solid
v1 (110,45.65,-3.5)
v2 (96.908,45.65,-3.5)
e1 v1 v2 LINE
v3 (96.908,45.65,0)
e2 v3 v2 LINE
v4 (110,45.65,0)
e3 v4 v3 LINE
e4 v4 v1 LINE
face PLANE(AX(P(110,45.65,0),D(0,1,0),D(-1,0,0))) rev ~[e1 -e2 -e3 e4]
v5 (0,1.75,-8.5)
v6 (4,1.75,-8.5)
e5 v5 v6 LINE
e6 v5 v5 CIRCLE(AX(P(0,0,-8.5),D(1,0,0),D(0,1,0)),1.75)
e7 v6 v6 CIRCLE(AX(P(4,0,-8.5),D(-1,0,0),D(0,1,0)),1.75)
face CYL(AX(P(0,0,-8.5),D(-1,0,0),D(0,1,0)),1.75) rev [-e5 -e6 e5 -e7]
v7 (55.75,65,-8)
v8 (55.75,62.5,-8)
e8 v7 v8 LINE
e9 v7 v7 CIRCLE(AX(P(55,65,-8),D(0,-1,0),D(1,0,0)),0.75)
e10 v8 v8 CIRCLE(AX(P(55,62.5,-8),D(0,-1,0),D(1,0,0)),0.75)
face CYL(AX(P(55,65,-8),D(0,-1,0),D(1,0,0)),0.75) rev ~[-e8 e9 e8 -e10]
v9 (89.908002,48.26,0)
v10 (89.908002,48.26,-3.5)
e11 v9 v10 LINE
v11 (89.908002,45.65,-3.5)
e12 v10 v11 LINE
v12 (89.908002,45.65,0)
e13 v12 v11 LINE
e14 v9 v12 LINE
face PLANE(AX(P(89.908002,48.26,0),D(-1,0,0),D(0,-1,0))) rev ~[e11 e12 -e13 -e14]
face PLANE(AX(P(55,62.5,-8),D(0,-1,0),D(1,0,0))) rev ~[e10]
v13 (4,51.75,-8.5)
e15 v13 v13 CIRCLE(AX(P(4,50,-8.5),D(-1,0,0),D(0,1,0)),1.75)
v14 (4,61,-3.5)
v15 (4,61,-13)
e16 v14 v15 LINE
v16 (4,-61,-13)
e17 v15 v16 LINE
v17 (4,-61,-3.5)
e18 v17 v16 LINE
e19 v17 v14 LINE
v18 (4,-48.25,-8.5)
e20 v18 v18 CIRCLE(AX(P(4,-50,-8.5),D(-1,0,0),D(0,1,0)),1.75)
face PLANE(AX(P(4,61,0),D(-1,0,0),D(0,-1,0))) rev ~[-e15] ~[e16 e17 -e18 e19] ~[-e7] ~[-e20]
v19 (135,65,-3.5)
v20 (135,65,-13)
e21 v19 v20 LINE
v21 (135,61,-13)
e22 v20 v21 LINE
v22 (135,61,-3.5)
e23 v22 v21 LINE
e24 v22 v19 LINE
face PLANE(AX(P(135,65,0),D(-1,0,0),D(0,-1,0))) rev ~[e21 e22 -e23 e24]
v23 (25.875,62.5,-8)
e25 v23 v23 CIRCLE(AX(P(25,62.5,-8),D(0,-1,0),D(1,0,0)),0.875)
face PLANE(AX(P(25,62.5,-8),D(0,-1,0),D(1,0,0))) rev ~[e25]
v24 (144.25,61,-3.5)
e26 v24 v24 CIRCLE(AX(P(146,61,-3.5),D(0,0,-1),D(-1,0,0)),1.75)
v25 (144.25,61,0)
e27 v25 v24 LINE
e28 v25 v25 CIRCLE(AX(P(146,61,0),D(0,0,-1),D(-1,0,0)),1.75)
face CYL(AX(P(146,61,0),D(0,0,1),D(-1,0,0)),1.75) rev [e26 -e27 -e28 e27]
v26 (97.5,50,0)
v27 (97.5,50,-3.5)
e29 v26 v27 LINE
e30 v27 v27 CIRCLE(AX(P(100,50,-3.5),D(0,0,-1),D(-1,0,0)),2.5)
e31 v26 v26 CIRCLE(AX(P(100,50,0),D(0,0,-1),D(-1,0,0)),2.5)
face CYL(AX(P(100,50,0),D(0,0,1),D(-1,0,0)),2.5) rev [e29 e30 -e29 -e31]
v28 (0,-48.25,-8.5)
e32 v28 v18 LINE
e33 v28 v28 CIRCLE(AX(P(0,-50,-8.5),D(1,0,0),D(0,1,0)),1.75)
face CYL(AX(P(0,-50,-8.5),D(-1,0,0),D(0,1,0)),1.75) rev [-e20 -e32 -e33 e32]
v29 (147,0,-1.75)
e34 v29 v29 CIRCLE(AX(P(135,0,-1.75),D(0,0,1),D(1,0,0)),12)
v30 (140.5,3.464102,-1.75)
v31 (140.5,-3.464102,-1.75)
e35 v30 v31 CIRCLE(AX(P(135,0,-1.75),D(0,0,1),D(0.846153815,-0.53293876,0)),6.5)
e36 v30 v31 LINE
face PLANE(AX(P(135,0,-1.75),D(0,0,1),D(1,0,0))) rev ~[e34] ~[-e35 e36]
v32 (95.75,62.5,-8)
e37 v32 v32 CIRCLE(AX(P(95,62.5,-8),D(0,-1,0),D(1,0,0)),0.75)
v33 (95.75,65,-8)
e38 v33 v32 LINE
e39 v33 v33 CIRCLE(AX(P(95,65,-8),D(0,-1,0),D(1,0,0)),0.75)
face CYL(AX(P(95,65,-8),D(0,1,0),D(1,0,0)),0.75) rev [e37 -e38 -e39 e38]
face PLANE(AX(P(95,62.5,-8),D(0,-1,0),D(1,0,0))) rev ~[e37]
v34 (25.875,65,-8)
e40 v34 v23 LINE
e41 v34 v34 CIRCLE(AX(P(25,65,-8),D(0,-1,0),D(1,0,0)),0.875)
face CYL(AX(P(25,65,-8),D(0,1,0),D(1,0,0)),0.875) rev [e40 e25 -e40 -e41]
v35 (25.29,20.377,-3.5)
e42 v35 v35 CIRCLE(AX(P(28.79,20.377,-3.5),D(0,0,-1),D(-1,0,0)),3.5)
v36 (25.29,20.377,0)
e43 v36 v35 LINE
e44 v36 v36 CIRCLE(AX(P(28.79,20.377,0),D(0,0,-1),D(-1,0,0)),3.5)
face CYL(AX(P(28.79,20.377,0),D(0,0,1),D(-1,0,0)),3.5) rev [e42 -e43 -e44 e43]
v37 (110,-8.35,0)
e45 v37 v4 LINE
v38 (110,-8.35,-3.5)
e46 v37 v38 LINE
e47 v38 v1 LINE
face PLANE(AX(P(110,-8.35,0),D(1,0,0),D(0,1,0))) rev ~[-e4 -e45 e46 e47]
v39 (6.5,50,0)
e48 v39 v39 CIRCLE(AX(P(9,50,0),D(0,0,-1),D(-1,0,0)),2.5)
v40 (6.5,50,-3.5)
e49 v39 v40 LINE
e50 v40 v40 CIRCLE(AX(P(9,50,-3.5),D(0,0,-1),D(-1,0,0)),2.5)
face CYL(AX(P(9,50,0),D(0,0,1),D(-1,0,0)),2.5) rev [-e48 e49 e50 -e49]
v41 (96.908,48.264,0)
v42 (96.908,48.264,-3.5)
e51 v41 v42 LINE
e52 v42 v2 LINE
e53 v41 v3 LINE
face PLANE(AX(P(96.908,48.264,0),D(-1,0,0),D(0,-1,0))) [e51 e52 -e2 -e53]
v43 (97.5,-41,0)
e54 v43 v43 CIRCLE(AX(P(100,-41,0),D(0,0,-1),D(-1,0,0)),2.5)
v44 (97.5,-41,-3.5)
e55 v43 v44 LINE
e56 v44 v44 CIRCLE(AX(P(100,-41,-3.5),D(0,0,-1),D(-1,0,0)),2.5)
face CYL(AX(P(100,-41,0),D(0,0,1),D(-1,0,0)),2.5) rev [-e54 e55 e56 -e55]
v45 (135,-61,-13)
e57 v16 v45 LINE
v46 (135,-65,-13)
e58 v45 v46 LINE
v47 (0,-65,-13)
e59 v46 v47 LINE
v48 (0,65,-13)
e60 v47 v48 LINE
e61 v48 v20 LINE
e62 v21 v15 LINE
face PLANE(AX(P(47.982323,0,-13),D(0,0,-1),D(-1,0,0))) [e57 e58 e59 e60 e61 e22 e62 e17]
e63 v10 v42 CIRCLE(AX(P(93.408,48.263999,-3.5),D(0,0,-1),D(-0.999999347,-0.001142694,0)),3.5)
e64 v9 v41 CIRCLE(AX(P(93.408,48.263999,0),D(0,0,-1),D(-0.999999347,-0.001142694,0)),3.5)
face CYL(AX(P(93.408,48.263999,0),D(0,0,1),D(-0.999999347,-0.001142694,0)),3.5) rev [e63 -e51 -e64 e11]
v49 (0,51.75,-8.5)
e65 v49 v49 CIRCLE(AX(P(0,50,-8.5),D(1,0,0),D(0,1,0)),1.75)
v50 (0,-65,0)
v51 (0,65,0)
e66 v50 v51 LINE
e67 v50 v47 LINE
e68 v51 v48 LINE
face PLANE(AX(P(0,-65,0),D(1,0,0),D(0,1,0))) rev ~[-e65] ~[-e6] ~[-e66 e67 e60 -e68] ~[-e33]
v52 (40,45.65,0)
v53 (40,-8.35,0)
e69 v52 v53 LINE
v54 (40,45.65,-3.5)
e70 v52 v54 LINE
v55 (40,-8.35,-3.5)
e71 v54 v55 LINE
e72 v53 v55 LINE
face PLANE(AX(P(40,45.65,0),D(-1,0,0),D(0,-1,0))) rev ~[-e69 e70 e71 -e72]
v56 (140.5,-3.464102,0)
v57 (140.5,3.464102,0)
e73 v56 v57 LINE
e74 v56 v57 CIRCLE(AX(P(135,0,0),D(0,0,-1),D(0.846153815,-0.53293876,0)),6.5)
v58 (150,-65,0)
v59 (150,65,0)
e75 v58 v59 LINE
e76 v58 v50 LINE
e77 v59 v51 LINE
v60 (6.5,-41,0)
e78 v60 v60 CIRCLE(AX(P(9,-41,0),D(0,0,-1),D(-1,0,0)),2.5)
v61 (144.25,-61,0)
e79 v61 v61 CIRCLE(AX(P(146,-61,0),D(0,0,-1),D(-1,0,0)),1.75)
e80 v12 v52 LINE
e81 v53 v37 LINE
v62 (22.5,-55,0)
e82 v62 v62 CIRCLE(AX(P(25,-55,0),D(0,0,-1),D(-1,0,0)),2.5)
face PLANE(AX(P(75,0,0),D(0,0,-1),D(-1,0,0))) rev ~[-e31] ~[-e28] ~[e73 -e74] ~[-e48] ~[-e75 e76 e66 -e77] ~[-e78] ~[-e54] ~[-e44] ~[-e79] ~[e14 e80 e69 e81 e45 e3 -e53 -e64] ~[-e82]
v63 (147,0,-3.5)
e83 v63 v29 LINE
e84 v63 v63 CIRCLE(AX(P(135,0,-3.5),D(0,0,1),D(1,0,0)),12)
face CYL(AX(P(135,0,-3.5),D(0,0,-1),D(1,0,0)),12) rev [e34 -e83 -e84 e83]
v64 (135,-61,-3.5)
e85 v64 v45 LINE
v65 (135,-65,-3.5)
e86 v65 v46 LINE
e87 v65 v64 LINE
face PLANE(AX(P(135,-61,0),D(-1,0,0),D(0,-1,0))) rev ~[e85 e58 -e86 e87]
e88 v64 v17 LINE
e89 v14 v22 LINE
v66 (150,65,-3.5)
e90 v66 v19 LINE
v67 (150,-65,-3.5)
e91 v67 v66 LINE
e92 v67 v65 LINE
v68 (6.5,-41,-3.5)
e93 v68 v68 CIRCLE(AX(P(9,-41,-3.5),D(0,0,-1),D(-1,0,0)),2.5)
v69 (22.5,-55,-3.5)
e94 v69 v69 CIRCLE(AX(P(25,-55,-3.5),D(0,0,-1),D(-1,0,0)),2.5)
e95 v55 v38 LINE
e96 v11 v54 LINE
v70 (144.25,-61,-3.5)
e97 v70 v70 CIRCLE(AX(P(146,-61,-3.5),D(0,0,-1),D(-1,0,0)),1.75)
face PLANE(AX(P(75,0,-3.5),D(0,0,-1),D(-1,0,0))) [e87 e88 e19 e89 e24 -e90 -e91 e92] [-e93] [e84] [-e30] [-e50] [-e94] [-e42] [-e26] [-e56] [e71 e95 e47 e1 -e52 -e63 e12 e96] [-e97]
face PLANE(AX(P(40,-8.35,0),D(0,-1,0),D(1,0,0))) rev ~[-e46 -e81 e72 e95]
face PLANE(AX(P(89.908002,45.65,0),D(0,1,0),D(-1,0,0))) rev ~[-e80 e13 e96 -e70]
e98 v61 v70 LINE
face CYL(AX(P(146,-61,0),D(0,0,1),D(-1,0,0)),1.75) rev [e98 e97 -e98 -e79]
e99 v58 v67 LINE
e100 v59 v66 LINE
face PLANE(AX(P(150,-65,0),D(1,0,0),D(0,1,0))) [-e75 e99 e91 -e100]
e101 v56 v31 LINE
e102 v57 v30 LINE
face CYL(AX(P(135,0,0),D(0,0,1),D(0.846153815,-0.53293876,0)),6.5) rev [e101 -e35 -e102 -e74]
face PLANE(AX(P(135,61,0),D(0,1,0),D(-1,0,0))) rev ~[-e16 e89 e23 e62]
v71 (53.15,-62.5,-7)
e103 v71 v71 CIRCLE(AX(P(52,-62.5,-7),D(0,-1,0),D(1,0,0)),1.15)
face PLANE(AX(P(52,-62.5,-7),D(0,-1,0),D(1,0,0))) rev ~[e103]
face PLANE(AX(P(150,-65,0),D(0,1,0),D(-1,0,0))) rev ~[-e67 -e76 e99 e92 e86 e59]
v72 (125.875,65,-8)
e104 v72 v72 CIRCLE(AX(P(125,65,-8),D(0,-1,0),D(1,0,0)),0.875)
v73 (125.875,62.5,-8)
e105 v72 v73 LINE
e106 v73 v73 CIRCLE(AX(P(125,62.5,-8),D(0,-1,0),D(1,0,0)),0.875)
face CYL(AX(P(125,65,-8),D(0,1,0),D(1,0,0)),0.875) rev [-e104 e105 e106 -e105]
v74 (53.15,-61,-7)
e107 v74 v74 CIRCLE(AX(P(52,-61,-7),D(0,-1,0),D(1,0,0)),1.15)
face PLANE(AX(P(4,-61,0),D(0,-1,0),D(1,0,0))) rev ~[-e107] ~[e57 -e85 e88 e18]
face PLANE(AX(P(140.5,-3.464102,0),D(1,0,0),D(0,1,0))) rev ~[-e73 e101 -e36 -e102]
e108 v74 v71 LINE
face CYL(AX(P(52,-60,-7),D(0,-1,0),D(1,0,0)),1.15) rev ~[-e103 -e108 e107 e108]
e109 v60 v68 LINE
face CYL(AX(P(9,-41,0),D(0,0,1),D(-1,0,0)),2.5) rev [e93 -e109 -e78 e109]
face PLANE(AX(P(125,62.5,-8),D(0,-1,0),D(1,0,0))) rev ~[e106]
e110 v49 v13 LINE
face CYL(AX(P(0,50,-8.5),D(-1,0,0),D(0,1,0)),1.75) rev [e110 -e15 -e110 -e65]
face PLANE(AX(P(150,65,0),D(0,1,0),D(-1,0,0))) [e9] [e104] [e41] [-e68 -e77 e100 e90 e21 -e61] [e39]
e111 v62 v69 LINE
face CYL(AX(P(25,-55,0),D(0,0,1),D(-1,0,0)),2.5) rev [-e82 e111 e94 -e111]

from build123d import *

# Parameters (mm, degrees)
COPYSKETCH010_W   = 150
COPYSKETCH010_H   = 130
COPYSKETCH010_R   = 2.5
COPYSKETCH010_R_2 = 3.5
COPYSKETCH010_R_3 = 1.75
PAD_DEPTH         = 3.5
PAD001_DEPTH      = 13
SKETCH001_R       = 1.75
POCKET_DEPTH      = 5
SKETCH002_R       = 1.15
POCKET001_DEPTH   = 2.5
SKETCH003_R       = 0.875
SKETCH003_R_2     = 0.75
POCKET002_DEPTH   = 2.5
SKETCH004_R       = 12
POCKET003_DEPTH   = 1.75


with BuildPart() as part:
    # CopySketch010 → Pad (new body)
    with BuildSketch(Plane(origin=(0, 0, 0), x_dir=(-1, 0, 0), z_dir=(0, 0, -1))):
        with Locations((-75, 0)):
            Rectangle(COPYSKETCH010_W, COPYSKETCH010_H)
        with Locations((-100, 50)):
            Circle(COPYSKETCH010_R, mode=Mode.SUBTRACT)
        with Locations((-100, -41)):
            Circle(COPYSKETCH010_R, mode=Mode.SUBTRACT)
        with Locations((-9, -41)):
            Circle(COPYSKETCH010_R, mode=Mode.SUBTRACT)
        with Locations((-9, 50)):
            Circle(COPYSKETCH010_R, mode=Mode.SUBTRACT)
        with Locations((-28.79, 20.377)):
            Circle(COPYSKETCH010_R_2, mode=Mode.SUBTRACT)
        with Locations((-146, 61)):
            Circle(COPYSKETCH010_R_3, mode=Mode.SUBTRACT)
        with Locations((-146, -61)):
            Circle(COPYSKETCH010_R_3, mode=Mode.SUBTRACT)
        with Locations((-25, -55)):
            Circle(COPYSKETCH010_R, mode=Mode.SUBTRACT)
        with BuildLine():
            Line((-40, -8.35), (-110, -8.35))
            Line((-110, -8.35), (-110, 45.65))
            Line((-110, 45.65), (-96.908, 45.65))
            Line((-96.908, 48.264), (-96.908, 45.65))
            ThreePointArc((-89.908002, 48.26), (-93.406, 51.763999), (-96.908, 48.264))
            Line((-89.908002, 48.26), (-89.908002, 45.65))
            Line((-89.908002, 45.65), (-40, 45.65))
            Line((-40, 45.65), (-40, -8.35))
        make_face(mode=Mode.SUBTRACT)
        with BuildLine():
            ThreePointArc((-140.5, -3.464102), (-128.5, 0), (-140.5, 3.464102))
            Line((-140.5, -3.464102), (-140.5, 3.464102))
        make_face(mode=Mode.SUBTRACT)
    extrude(amount=PAD_DEPTH)

    # Sketch (on Face23 of Pad) → Pad001 (join)
    with BuildSketch(Plane.XY):
        Polygon((135, 65), (135, 61), (4, 61), (4, -61), (135, -61), (135, -65), (0, -65), (0, 65), align=None)
    extrude(amount=-PAD001_DEPTH)

    # Sketch001 → Pocket (cut)
    with BuildSketch(Plane.YZ):
        with Locations((0, -8.5)):
            Circle(SKETCH001_R)
        with Locations((50, -8.5)):
            Circle(SKETCH001_R)
        with Locations((-50, -8.5)):
            Circle(SKETCH001_R)
    extrude(amount=POCKET_DEPTH, mode=Mode.SUBTRACT)

    # Sketch002 → Pocket001 (cut, symmetric)
    with BuildSketch(Plane.XZ.offset(60)):
        with Locations((52, -7)):
            Circle(SKETCH002_R)
    extrude(amount=POCKET001_DEPTH, both=True, mode=Mode.SUBTRACT)

    # Sketch003 → Pocket002 (cut, symmetric)
    with BuildSketch(Plane.XZ.offset(-65)):
        with Locations((25, -8)):
            Circle(SKETCH003_R)
        with Locations((125, -8)):
            Circle(SKETCH003_R)
        with Locations((95, -8)):
            Circle(SKETCH003_R_2)
        with Locations((55, -8)):
            Circle(SKETCH003_R_2)
    extrude(amount=POCKET002_DEPTH, both=True, mode=Mode.SUBTRACT)

    # Sketch004 → Pocket003 (cut)
    with BuildSketch(Plane.XY.offset(-3.5)):
        with Locations((135, 0)):
            Circle(SKETCH004_R)
    extrude(amount=POCKET003_DEPTH, mode=Mode.SUBTRACT)


solid = part.part
